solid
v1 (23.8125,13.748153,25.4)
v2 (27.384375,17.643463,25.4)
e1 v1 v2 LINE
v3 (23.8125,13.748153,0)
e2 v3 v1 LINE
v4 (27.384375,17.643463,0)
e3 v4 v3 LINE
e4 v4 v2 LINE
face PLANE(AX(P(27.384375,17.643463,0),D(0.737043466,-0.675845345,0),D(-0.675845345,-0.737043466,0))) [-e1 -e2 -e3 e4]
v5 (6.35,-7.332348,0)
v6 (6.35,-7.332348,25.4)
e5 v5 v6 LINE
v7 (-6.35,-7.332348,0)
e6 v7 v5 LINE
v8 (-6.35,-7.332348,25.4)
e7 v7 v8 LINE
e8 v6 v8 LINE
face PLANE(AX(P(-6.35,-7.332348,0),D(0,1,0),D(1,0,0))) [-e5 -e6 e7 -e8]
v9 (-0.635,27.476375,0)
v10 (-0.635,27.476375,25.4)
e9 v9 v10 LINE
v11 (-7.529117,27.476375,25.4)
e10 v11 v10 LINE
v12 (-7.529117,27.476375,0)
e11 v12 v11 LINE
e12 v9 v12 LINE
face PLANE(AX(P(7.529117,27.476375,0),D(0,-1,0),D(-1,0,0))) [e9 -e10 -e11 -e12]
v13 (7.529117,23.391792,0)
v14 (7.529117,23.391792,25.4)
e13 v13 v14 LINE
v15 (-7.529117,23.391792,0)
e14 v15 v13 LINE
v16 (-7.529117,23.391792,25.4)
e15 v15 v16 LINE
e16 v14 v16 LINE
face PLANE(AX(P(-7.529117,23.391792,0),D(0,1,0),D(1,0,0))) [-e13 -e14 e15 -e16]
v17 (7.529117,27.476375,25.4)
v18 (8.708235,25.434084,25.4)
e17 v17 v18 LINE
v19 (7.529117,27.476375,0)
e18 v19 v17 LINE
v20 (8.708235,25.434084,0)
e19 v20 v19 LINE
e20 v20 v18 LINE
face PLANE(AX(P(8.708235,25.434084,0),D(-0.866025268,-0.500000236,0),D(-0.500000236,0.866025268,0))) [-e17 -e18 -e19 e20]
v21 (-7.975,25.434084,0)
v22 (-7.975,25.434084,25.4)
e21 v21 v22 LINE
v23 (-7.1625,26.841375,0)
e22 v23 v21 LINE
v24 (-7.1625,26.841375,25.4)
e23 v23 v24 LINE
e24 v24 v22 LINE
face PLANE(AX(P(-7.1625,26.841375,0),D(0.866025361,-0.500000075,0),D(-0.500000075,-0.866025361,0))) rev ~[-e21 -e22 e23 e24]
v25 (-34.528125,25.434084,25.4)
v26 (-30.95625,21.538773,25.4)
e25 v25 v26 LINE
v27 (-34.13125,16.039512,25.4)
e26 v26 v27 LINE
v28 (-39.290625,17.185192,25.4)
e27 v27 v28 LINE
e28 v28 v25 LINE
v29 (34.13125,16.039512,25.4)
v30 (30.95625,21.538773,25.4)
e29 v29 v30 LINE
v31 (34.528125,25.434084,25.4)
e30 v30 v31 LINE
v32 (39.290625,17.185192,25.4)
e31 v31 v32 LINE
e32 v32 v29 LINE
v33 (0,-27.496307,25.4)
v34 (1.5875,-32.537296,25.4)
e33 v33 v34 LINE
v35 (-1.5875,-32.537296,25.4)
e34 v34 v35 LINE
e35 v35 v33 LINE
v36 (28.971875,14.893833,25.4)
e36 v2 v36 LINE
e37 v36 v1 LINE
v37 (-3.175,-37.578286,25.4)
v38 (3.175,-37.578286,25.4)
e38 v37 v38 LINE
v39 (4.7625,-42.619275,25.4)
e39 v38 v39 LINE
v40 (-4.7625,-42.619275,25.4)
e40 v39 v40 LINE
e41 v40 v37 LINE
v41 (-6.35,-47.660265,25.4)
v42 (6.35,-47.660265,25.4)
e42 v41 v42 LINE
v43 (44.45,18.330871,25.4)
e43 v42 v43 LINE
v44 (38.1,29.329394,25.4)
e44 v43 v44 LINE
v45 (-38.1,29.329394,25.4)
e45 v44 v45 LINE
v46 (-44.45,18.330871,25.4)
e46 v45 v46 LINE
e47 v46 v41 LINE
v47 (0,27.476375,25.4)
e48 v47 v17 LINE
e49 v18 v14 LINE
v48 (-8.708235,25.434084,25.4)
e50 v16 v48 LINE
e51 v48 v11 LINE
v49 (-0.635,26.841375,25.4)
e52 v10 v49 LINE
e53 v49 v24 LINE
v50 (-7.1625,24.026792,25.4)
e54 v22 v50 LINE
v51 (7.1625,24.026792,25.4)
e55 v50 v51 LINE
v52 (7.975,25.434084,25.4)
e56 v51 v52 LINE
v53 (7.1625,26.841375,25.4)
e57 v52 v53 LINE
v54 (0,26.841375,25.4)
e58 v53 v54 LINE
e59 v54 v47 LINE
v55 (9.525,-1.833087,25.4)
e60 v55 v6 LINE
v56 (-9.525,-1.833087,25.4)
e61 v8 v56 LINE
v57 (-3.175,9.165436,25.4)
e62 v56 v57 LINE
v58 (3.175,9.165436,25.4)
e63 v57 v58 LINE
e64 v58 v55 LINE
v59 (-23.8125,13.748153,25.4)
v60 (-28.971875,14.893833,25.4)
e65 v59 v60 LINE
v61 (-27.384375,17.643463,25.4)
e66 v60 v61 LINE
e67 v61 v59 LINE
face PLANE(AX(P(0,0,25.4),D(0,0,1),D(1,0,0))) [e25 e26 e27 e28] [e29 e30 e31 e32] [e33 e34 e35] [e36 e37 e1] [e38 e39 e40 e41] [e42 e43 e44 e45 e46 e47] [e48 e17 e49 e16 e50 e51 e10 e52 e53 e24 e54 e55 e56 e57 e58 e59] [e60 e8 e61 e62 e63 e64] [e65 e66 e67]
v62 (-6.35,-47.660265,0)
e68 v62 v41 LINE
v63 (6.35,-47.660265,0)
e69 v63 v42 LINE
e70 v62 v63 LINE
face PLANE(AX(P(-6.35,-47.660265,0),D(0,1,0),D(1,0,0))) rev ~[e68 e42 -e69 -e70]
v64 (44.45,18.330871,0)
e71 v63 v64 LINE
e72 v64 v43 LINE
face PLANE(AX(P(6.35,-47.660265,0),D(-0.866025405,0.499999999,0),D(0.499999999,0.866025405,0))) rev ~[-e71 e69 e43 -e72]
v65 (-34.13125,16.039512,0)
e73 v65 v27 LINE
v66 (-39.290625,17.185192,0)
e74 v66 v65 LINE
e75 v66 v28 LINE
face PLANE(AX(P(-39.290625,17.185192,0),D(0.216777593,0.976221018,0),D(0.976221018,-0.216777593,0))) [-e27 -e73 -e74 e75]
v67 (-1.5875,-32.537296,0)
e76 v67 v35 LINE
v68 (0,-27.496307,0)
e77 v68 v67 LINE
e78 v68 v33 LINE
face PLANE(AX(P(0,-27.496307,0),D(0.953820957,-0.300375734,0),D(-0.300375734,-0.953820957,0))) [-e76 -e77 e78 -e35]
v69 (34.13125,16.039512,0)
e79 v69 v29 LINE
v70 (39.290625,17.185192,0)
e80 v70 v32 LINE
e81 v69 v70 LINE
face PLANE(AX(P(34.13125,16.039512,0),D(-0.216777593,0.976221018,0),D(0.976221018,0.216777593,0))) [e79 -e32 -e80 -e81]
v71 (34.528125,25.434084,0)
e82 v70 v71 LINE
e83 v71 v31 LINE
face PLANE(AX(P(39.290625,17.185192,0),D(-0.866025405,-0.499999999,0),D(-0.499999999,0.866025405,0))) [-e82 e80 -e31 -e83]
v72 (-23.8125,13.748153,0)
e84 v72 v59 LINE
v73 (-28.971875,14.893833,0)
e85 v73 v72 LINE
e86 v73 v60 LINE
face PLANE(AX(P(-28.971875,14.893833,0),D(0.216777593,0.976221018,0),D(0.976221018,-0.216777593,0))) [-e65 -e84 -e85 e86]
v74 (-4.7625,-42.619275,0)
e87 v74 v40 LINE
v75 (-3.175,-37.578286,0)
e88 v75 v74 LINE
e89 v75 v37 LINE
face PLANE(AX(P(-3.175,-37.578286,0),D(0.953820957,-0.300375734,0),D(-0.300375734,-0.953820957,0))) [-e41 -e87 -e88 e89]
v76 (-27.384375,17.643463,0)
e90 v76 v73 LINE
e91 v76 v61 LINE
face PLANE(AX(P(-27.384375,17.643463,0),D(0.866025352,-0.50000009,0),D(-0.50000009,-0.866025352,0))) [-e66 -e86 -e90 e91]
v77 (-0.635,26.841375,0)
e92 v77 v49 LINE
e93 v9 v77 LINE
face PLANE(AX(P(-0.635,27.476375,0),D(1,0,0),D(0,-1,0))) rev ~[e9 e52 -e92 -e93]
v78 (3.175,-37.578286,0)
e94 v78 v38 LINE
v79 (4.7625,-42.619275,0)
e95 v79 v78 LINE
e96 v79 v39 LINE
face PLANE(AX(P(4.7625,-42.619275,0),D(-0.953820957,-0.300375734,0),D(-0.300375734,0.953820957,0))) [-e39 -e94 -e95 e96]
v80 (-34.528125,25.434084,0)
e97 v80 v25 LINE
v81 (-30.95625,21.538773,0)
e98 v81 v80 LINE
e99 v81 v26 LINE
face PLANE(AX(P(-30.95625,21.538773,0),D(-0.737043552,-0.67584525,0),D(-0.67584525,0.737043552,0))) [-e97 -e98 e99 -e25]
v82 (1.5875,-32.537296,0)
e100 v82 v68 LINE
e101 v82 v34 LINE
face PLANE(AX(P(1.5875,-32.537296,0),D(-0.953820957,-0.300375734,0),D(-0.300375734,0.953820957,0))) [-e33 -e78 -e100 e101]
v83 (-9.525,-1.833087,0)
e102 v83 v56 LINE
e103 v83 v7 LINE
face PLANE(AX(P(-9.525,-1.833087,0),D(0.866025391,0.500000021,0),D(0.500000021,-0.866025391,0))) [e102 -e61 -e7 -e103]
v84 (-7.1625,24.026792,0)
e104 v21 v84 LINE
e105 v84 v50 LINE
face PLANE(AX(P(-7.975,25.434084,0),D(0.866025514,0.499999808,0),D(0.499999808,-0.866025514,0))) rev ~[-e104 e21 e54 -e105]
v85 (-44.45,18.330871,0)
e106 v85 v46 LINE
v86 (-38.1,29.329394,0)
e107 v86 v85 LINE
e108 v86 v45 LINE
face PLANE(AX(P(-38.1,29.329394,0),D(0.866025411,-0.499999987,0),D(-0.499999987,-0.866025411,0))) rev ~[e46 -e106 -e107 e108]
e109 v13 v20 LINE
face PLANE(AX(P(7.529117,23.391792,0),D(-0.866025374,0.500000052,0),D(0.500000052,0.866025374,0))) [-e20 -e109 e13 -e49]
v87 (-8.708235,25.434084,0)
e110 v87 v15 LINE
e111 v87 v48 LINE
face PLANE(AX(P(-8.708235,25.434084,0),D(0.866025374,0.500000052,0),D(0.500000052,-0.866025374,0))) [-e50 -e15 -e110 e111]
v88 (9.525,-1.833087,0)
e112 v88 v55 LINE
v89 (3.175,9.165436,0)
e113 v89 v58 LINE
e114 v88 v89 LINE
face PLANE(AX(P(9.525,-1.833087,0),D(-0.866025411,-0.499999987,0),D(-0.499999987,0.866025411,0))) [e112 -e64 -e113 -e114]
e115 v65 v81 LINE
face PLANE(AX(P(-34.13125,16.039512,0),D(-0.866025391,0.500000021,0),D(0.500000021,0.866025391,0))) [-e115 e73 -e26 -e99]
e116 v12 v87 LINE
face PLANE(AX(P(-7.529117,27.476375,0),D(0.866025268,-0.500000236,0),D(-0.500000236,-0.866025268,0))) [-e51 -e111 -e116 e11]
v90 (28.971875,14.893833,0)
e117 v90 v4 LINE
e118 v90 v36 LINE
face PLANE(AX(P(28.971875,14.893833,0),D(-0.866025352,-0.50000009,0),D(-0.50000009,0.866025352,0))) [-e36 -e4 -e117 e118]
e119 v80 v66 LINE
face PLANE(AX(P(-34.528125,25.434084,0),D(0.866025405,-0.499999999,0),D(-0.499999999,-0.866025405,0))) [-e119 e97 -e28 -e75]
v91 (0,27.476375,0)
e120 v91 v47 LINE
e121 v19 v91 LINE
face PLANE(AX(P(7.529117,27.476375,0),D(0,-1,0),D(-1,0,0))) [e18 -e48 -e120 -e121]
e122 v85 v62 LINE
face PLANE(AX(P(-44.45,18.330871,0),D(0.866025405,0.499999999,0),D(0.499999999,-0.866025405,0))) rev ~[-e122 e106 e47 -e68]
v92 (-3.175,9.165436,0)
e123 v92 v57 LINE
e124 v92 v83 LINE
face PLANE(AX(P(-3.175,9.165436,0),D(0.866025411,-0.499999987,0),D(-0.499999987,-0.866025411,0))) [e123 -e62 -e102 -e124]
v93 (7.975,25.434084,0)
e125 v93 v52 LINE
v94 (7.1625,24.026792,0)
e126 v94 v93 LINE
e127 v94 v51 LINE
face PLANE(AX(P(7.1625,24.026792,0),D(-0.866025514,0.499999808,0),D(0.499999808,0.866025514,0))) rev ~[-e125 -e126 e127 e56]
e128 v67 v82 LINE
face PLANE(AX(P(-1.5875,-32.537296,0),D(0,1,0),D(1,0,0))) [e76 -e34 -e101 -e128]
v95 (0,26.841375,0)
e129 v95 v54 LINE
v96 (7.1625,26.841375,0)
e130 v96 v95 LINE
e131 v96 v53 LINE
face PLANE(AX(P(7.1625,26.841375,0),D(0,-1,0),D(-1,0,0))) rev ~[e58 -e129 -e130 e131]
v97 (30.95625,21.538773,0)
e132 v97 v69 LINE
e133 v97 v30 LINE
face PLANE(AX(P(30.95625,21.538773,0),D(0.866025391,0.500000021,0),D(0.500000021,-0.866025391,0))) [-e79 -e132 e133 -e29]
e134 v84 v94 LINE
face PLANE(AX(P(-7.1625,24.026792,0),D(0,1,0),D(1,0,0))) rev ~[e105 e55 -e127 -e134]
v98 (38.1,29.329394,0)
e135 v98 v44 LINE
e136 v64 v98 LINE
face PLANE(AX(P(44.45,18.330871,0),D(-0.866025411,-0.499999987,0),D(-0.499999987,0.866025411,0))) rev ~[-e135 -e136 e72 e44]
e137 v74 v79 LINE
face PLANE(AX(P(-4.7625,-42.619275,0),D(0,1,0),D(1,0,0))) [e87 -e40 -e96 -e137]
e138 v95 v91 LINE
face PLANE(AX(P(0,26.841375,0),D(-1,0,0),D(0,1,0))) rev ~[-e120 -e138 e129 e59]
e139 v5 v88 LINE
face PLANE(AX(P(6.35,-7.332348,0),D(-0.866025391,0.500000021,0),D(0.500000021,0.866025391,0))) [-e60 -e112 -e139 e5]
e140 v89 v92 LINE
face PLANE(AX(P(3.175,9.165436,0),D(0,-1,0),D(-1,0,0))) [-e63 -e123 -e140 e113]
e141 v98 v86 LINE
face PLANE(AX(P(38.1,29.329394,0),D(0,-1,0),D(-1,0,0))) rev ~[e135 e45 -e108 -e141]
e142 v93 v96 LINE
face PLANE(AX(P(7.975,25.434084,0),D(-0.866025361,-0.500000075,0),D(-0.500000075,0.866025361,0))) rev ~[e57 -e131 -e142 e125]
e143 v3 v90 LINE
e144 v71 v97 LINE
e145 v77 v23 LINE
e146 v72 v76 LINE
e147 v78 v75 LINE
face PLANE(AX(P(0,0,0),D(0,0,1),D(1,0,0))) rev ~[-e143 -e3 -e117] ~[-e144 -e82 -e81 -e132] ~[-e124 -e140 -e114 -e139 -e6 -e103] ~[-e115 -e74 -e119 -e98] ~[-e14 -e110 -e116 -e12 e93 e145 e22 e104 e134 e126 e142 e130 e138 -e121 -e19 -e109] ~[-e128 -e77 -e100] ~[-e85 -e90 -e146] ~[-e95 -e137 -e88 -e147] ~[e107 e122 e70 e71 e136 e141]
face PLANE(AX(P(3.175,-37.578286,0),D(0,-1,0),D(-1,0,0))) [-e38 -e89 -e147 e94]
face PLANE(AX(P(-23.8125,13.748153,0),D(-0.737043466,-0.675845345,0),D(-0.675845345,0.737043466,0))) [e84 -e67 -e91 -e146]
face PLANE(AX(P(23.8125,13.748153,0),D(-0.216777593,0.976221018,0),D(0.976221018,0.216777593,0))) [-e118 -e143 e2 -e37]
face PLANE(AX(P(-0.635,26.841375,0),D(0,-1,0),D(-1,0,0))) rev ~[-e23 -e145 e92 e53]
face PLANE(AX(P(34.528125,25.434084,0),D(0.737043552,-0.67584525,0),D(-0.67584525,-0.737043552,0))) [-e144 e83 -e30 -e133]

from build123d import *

# Parameters (mm, degrees)
F4_DEPTH  = 25.4
F8_DEPTH  = 25.401
F10_DEPTH = 25.401
F11_DEPTH = 25.4


with BuildPart() as f4:
    # F3 (on Top) → F4 (new body)
    with BuildSketch(Plane.XY):
        Polygon((38.1, 29.329394), (-38.1, 29.329394), (-44.45, 18.330871), (-6.35, -47.660265), (6.35, -47.660265), (44.45, 18.330871), align=None)
    extrude(amount=F4_DEPTH)

    # F7 (on Top) → F8 (cut, through all)
    with BuildSketch(Plane.XY):
        Polygon((-3.175, 9.165436), (-9.525, -1.833087), (-6.35, -7.332348), (6.35, -7.332348), (9.525, -1.833087), (3.175, 9.165436), align=None)
    extrude(amount=F8_DEPTH, mode=Mode.SUBTRACT)

    # F9 (on Top) → F10 (cut, through all)
    with BuildSketch(Plane.XY):
        Polygon((39.290625, 17.185192), (34.528125, 25.434084), (30.95625, 21.538773), (34.13125, 16.039512), align=None)
        Polygon((28.971875, 14.893833), (27.384375, 17.643463), (23.8125, 13.748153), align=None)
        Polygon((-30.95625, 21.538773), (-34.528125, 25.434084), (-39.290625, 17.185192), (-34.13125, 16.039512), align=None)
        Polygon((-27.384375, 17.643463), (-28.971875, 14.893833), (-23.8125, 13.748153), align=None)
        Polygon((0, -27.496307), (-1.5875, -32.537296), (1.5875, -32.537296), align=None)
        Polygon((3.175, -37.578286), (-3.175, -37.578286), (-4.7625, -42.619275), (4.7625, -42.619275), align=None)
        Polygon((-7.1625, 24.026792), (-7.975, 25.434084), (-7.1625, 26.841375), (-0.635, 26.841375), (-0.635, 27.476375), (-7.529117, 27.476375), (-8.708235, 25.434084), (-7.529117, 23.391792), (7.529117, 23.391792), (8.708235, 25.434084), (7.529117, 27.476375), (0, 27.476375), (0, 26.841375), (7.1625, 26.841375), (7.975, 25.434084), (7.1625, 24.026792), align=None)
        Polygon((-7.1625, 26.841375), (-7.975, 25.434084), (-7.1625, 24.026792), (7.1625, 24.026792), (7.975, 25.434084), (7.1625, 26.841375), (0, 26.841375), (0, 27.476375), (-0.635, 27.476375), (-0.635, 26.841375), align=None)
    extrude(amount=F10_DEPTH, mode=Mode.SUBTRACT)

    # F9 (on Top) → F11 (join)
    with BuildSketch(Plane.XY):
        Polygon((-7.1625, 26.841375), (-7.975, 25.434084), (-7.1625, 24.026792), (7.1625, 24.026792), (7.975, 25.434084), (7.1625, 26.841375), (0, 26.841375), (0, 27.476375), (-0.635, 27.476375), (-0.635, 26.841375), align=None)
    extrude(amount=F11_DEPTH)


solid = f4.part
